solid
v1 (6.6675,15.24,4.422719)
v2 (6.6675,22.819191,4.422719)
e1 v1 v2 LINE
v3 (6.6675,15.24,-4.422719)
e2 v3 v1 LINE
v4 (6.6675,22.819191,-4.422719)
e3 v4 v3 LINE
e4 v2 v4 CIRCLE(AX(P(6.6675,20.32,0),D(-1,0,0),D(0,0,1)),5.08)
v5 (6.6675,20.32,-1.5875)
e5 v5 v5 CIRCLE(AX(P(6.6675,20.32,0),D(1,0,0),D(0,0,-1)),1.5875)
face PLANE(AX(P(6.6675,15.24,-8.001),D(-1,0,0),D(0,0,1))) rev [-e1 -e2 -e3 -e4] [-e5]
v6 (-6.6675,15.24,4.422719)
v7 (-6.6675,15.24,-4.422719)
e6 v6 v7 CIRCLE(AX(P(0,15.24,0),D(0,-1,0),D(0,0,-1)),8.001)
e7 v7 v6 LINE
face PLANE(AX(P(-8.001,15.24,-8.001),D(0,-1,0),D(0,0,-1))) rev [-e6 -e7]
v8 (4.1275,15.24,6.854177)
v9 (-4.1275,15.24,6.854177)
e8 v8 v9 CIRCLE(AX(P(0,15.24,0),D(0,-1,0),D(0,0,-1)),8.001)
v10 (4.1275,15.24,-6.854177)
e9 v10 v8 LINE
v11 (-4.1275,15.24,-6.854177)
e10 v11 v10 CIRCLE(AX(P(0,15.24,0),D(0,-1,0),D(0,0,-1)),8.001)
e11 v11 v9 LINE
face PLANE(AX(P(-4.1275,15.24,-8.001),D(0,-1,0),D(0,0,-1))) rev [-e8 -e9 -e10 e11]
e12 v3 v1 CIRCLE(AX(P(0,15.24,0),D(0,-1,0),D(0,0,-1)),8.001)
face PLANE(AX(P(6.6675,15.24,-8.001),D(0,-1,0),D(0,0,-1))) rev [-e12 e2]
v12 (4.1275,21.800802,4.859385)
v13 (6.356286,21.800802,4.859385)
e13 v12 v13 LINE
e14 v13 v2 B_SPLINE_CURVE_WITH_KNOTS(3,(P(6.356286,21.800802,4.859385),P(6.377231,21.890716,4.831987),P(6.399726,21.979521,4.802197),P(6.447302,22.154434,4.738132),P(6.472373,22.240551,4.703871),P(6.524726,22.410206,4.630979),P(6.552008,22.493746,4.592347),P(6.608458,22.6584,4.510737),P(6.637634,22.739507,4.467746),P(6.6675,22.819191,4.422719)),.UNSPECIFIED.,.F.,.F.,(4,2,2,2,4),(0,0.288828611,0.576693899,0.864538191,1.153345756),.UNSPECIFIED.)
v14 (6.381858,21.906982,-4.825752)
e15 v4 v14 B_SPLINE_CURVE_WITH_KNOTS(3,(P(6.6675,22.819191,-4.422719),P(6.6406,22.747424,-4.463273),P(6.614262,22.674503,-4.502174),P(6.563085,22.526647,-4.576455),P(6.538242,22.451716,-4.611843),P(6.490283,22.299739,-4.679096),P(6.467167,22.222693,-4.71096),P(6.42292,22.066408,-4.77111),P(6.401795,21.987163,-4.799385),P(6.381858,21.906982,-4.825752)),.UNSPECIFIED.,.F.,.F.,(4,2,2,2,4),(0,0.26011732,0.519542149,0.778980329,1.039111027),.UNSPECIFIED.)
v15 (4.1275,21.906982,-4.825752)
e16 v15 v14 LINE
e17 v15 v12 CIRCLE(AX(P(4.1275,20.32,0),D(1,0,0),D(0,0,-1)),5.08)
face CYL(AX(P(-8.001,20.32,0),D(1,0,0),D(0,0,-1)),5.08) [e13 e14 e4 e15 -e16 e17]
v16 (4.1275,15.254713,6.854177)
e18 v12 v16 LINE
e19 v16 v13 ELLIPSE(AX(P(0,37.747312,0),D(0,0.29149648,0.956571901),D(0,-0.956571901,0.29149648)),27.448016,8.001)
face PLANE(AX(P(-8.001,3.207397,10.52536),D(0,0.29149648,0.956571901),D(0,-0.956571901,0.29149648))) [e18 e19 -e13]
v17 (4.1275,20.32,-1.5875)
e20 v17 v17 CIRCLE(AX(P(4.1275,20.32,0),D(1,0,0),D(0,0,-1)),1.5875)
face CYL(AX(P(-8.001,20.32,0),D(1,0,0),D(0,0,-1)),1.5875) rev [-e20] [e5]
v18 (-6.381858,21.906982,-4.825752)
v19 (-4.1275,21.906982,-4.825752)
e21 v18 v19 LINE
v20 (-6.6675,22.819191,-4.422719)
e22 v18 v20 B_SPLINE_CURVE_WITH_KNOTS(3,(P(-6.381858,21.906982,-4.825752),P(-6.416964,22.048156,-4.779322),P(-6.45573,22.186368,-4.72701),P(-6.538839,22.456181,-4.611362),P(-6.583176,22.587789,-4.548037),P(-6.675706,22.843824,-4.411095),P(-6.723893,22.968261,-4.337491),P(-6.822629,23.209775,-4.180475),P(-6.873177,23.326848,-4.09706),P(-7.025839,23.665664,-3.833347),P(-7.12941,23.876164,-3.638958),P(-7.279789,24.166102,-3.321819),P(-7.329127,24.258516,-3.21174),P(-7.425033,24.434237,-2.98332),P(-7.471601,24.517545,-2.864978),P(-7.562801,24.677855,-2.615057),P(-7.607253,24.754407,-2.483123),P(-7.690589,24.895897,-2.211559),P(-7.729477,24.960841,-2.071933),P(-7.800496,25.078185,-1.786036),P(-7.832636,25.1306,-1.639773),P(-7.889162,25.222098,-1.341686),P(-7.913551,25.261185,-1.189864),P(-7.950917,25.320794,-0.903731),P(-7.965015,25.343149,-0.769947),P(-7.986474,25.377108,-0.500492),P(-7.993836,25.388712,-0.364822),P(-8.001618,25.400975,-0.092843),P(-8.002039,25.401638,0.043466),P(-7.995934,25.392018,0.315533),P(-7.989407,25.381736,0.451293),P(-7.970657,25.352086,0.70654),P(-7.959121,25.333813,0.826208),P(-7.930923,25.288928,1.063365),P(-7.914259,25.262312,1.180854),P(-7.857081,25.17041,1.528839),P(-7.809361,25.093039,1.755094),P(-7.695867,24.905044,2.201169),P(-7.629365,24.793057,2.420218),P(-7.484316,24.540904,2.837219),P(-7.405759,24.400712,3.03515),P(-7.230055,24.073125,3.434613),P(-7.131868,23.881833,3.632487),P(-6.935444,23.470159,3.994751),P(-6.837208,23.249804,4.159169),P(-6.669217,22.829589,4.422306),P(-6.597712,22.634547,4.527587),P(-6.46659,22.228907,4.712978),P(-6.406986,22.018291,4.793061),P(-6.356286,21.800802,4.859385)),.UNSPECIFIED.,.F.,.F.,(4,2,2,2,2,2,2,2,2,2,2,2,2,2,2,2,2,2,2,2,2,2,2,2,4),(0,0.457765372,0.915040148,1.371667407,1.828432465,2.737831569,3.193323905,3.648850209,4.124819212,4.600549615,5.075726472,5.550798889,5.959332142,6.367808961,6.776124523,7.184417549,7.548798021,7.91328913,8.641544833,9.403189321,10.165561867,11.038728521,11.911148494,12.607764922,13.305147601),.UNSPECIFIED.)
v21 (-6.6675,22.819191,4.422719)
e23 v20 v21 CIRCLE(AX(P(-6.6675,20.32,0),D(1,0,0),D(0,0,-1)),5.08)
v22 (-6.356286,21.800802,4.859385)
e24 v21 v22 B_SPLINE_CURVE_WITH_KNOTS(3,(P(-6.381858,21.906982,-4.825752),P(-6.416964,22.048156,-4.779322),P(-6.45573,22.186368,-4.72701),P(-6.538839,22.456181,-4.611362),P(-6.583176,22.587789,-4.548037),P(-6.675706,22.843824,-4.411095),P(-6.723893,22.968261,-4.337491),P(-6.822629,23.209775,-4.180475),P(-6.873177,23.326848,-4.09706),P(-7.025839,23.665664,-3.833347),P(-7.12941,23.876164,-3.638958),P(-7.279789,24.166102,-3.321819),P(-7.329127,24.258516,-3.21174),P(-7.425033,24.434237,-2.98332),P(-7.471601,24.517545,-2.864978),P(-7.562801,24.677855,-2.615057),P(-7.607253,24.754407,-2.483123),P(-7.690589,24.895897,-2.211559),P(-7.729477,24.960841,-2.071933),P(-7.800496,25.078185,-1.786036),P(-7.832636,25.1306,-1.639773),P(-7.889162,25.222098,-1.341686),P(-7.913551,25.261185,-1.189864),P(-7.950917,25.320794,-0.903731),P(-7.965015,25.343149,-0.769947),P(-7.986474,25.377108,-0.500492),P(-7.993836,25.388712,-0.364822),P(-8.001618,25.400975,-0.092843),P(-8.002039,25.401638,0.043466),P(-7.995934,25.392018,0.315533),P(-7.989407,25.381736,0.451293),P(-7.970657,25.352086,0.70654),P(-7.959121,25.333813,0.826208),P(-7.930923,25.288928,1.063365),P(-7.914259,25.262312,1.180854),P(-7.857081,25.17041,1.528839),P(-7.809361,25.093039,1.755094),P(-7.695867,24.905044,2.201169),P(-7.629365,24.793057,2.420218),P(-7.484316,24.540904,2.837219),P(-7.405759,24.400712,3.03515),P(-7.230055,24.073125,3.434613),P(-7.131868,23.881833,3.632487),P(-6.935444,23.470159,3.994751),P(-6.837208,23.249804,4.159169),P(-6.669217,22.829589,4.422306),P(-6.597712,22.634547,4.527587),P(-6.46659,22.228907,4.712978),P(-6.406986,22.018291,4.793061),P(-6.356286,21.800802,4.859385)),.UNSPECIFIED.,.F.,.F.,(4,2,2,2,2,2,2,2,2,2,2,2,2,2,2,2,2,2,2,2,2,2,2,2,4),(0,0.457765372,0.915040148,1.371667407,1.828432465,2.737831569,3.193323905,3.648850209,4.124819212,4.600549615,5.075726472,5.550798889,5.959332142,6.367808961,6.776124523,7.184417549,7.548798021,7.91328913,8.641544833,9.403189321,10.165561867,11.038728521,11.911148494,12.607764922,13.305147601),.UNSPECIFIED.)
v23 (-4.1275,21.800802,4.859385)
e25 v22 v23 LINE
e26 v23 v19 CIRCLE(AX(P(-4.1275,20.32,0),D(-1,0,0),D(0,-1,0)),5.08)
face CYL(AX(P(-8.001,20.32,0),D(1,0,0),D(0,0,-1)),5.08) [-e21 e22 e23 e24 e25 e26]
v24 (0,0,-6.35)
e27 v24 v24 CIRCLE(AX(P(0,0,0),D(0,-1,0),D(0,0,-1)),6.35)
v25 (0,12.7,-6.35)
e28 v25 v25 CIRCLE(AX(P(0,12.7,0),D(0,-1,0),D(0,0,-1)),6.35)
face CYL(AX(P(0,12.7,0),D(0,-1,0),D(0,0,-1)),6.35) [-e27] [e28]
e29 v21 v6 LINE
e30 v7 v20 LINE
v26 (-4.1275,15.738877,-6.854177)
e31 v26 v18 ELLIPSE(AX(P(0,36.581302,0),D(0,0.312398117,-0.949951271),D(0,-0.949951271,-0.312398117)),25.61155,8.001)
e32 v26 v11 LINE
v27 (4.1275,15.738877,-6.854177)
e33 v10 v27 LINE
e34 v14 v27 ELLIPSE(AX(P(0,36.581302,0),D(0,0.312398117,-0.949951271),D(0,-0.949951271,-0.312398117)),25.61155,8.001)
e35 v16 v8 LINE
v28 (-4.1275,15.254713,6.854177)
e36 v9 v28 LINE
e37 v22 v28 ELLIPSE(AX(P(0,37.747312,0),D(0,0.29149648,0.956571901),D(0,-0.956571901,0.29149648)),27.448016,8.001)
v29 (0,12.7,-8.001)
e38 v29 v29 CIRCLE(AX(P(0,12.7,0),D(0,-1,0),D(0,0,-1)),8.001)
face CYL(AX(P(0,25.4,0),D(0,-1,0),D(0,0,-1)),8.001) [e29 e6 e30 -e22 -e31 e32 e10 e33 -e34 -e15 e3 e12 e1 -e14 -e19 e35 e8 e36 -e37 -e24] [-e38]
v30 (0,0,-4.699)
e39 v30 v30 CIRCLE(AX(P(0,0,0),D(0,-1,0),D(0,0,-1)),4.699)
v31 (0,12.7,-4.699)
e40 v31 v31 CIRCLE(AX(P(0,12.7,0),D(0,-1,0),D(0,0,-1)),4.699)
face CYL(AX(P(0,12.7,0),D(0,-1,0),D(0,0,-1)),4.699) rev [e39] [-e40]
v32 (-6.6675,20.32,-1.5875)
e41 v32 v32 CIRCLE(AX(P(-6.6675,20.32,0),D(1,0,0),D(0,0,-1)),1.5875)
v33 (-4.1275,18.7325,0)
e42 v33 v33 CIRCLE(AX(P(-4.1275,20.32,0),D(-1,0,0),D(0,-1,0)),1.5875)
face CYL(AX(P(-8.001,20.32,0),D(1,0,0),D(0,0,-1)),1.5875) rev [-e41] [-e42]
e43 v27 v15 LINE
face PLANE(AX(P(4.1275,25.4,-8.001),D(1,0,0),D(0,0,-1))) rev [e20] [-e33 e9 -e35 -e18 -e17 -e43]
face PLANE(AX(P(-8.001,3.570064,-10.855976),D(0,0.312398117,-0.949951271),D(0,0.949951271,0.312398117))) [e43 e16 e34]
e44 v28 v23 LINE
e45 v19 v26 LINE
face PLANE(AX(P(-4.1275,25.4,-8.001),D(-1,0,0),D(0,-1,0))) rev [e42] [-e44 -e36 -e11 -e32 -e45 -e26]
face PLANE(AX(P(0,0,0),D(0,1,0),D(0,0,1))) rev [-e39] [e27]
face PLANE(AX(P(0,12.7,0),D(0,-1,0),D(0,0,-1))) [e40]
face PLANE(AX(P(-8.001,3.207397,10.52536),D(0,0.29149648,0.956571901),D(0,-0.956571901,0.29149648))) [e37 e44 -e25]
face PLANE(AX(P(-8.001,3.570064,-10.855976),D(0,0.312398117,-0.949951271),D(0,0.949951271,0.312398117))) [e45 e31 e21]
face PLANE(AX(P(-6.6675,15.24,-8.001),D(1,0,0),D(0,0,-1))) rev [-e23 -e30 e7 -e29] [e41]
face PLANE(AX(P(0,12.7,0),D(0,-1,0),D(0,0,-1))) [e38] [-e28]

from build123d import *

# Parameters (mm, degrees)
SKETCH1_R               = 8.001
BOSS_EXTRUDE1_DEPTH     = 25.4
SKETCH2_R               = 8.001
SKETCH2_R_2             = 6.35
SKETCH2_R_3             = 4.699
CUT_EXTRUDE1_DEPTH      = 12.7
CUT_EXTRUDE2_DEPTH      = 28.806330251
CUT_EXTRUDE2_DEPTH_BACK = 28.806330251
SKETCH3_W               = 8.255
SKETCH3_H               = 10.16
SKETCH3_W_2             = 1.3335
CUT_EXTRUDE3_DEPTH      = 31.402975072


with BuildPart() as part:
    # Sketch1 → Boss-Extrude1 (new body)
    with BuildSketch(Plane(origin=(0, 0, 0), x_dir=(1, 0, 0), z_dir=(0, 1, 0))):
        with Locations(Location((0, 0, 0), (0, 0, 270))):
            Circle(SKETCH1_R)
    extrude(amount=BOSS_EXTRUDE1_DEPTH)

    # Sketch2 → Cut-Extrude1 (cut)
    # profile 1 of 2: a face of its own
    with BuildSketch(Plane(origin=(0, 0, 0), x_dir=(-1, 0, 0), z_dir=(0, -1, 0))):
        with Locations(Location((0, 0, 0), (0, 0, 90))):
            Circle(SKETCH2_R)
        with Locations(Location((0, 0, 0), (0, 0, 90))):
            Circle(SKETCH2_R_2, mode=Mode.SUBTRACT)
    # profile 2 of 2: a face of its own
    with BuildSketch(Plane(origin=(0, 0, 0), x_dir=(-1, 0, 0), z_dir=(0, -1, 0))):
        with Locations(Location((0, 0, 0), (0, 0, 90))):
            Circle(SKETCH2_R_3)
    extrude(amount=-CUT_EXTRUDE1_DEPTH, mode=Mode.SUBTRACT)

    # Sketch3 → Cut-Extrude2 (cut, two sides: drawn at the far end of the back side and taken through both)
    with BuildSketch(Plane.XY.offset(-CUT_EXTRUDE2_DEPTH_BACK)):
        with Locations((0, 20.32)):
            Rectangle(SKETCH3_W, SKETCH3_H)
        with Locations((-7.33425, 20.32)):
            Rectangle(SKETCH3_W_2, SKETCH3_H)
        with Locations((7.33425, 20.32)):
            Rectangle(SKETCH3_W_2, SKETCH3_H)
    extrude(amount=CUT_EXTRUDE2_DEPTH + CUT_EXTRUDE2_DEPTH_BACK, mode=Mode.SUBTRACT)

    # Sketch4 → Cut-Extrude3 (cut, through all)
    with BuildSketch(Plane(origin=(6.6675, 0, 0), x_dir=(0, 0, -1), z_dir=(1, 0, 0))):
        with BuildLine():
            Line((-4.422719158, 25.4), (0, 25.4))
            Line((0, 25.4), (4.422719158, 25.4))
            Line((4.422719158, 25.4), (4.422719158, 22.819190919))
            ThreePointArc((4.422719158, 22.819190919), (4.646674927, 22.373000761), (4.825752455, 21.906982432))
            Line((4.825752455, 21.906982432), (7.018236237, 15.24))
            Line((7.018236237, 15.24), (6.955993892, 50.8))
            Line((6.955993892, 50.8), (-6.858660717, 50.8))
            Line((-6.858660717, 50.8), (-6.858660717, 15.24))
            Line((-6.858660717, 15.24), (-4.859385257, 21.800802121))
            ThreePointArc((-4.859385257, 21.800802121), (-4.668901855, 22.321937928), (-4.422719158, 22.819190919))
            Line((-4.422719158, 22.819190919), (-4.422719158, 25.4))
        make_face()
        with BuildLine():
            ThreePointArc((1.5875, 20.32), (1.122532015, 21.442532015), (0, 21.9075))
            Line((0, 21.9075), (0, 18.7325))
            ThreePointArc((0, 18.7325), (1.122532015, 19.197467985), (1.5875, 20.32))
        make_face()
        with BuildLine():
            Line((0, 18.7325), (0, 21.9075))
            ThreePointArc((0, 21.9075), (-1.5875, 20.32), (0, 18.7325))
        make_face()
        with BuildLine():
            ThreePointArc((-4.422719158, 22.819190919), (-2.560323235, 24.707612669), (0, 25.4))
            Line((0, 25.4), (-4.422719158, 25.4))
            Line((-4.422719158, 25.4), (-4.422719158, 22.819190919))
        make_face()
        with BuildLine():
            Line((4.422719158, 25.4), (0, 25.4))
            ThreePointArc((0, 25.4), (2.560323235, 24.707612669), (4.422719158, 22.819190919))
            Line((4.422719158, 22.819190919), (4.422719158, 25.4))
        make_face()
    extrude(amount=-CUT_EXTRUDE3_DEPTH, mode=Mode.SUBTRACT)


solid = part.part
